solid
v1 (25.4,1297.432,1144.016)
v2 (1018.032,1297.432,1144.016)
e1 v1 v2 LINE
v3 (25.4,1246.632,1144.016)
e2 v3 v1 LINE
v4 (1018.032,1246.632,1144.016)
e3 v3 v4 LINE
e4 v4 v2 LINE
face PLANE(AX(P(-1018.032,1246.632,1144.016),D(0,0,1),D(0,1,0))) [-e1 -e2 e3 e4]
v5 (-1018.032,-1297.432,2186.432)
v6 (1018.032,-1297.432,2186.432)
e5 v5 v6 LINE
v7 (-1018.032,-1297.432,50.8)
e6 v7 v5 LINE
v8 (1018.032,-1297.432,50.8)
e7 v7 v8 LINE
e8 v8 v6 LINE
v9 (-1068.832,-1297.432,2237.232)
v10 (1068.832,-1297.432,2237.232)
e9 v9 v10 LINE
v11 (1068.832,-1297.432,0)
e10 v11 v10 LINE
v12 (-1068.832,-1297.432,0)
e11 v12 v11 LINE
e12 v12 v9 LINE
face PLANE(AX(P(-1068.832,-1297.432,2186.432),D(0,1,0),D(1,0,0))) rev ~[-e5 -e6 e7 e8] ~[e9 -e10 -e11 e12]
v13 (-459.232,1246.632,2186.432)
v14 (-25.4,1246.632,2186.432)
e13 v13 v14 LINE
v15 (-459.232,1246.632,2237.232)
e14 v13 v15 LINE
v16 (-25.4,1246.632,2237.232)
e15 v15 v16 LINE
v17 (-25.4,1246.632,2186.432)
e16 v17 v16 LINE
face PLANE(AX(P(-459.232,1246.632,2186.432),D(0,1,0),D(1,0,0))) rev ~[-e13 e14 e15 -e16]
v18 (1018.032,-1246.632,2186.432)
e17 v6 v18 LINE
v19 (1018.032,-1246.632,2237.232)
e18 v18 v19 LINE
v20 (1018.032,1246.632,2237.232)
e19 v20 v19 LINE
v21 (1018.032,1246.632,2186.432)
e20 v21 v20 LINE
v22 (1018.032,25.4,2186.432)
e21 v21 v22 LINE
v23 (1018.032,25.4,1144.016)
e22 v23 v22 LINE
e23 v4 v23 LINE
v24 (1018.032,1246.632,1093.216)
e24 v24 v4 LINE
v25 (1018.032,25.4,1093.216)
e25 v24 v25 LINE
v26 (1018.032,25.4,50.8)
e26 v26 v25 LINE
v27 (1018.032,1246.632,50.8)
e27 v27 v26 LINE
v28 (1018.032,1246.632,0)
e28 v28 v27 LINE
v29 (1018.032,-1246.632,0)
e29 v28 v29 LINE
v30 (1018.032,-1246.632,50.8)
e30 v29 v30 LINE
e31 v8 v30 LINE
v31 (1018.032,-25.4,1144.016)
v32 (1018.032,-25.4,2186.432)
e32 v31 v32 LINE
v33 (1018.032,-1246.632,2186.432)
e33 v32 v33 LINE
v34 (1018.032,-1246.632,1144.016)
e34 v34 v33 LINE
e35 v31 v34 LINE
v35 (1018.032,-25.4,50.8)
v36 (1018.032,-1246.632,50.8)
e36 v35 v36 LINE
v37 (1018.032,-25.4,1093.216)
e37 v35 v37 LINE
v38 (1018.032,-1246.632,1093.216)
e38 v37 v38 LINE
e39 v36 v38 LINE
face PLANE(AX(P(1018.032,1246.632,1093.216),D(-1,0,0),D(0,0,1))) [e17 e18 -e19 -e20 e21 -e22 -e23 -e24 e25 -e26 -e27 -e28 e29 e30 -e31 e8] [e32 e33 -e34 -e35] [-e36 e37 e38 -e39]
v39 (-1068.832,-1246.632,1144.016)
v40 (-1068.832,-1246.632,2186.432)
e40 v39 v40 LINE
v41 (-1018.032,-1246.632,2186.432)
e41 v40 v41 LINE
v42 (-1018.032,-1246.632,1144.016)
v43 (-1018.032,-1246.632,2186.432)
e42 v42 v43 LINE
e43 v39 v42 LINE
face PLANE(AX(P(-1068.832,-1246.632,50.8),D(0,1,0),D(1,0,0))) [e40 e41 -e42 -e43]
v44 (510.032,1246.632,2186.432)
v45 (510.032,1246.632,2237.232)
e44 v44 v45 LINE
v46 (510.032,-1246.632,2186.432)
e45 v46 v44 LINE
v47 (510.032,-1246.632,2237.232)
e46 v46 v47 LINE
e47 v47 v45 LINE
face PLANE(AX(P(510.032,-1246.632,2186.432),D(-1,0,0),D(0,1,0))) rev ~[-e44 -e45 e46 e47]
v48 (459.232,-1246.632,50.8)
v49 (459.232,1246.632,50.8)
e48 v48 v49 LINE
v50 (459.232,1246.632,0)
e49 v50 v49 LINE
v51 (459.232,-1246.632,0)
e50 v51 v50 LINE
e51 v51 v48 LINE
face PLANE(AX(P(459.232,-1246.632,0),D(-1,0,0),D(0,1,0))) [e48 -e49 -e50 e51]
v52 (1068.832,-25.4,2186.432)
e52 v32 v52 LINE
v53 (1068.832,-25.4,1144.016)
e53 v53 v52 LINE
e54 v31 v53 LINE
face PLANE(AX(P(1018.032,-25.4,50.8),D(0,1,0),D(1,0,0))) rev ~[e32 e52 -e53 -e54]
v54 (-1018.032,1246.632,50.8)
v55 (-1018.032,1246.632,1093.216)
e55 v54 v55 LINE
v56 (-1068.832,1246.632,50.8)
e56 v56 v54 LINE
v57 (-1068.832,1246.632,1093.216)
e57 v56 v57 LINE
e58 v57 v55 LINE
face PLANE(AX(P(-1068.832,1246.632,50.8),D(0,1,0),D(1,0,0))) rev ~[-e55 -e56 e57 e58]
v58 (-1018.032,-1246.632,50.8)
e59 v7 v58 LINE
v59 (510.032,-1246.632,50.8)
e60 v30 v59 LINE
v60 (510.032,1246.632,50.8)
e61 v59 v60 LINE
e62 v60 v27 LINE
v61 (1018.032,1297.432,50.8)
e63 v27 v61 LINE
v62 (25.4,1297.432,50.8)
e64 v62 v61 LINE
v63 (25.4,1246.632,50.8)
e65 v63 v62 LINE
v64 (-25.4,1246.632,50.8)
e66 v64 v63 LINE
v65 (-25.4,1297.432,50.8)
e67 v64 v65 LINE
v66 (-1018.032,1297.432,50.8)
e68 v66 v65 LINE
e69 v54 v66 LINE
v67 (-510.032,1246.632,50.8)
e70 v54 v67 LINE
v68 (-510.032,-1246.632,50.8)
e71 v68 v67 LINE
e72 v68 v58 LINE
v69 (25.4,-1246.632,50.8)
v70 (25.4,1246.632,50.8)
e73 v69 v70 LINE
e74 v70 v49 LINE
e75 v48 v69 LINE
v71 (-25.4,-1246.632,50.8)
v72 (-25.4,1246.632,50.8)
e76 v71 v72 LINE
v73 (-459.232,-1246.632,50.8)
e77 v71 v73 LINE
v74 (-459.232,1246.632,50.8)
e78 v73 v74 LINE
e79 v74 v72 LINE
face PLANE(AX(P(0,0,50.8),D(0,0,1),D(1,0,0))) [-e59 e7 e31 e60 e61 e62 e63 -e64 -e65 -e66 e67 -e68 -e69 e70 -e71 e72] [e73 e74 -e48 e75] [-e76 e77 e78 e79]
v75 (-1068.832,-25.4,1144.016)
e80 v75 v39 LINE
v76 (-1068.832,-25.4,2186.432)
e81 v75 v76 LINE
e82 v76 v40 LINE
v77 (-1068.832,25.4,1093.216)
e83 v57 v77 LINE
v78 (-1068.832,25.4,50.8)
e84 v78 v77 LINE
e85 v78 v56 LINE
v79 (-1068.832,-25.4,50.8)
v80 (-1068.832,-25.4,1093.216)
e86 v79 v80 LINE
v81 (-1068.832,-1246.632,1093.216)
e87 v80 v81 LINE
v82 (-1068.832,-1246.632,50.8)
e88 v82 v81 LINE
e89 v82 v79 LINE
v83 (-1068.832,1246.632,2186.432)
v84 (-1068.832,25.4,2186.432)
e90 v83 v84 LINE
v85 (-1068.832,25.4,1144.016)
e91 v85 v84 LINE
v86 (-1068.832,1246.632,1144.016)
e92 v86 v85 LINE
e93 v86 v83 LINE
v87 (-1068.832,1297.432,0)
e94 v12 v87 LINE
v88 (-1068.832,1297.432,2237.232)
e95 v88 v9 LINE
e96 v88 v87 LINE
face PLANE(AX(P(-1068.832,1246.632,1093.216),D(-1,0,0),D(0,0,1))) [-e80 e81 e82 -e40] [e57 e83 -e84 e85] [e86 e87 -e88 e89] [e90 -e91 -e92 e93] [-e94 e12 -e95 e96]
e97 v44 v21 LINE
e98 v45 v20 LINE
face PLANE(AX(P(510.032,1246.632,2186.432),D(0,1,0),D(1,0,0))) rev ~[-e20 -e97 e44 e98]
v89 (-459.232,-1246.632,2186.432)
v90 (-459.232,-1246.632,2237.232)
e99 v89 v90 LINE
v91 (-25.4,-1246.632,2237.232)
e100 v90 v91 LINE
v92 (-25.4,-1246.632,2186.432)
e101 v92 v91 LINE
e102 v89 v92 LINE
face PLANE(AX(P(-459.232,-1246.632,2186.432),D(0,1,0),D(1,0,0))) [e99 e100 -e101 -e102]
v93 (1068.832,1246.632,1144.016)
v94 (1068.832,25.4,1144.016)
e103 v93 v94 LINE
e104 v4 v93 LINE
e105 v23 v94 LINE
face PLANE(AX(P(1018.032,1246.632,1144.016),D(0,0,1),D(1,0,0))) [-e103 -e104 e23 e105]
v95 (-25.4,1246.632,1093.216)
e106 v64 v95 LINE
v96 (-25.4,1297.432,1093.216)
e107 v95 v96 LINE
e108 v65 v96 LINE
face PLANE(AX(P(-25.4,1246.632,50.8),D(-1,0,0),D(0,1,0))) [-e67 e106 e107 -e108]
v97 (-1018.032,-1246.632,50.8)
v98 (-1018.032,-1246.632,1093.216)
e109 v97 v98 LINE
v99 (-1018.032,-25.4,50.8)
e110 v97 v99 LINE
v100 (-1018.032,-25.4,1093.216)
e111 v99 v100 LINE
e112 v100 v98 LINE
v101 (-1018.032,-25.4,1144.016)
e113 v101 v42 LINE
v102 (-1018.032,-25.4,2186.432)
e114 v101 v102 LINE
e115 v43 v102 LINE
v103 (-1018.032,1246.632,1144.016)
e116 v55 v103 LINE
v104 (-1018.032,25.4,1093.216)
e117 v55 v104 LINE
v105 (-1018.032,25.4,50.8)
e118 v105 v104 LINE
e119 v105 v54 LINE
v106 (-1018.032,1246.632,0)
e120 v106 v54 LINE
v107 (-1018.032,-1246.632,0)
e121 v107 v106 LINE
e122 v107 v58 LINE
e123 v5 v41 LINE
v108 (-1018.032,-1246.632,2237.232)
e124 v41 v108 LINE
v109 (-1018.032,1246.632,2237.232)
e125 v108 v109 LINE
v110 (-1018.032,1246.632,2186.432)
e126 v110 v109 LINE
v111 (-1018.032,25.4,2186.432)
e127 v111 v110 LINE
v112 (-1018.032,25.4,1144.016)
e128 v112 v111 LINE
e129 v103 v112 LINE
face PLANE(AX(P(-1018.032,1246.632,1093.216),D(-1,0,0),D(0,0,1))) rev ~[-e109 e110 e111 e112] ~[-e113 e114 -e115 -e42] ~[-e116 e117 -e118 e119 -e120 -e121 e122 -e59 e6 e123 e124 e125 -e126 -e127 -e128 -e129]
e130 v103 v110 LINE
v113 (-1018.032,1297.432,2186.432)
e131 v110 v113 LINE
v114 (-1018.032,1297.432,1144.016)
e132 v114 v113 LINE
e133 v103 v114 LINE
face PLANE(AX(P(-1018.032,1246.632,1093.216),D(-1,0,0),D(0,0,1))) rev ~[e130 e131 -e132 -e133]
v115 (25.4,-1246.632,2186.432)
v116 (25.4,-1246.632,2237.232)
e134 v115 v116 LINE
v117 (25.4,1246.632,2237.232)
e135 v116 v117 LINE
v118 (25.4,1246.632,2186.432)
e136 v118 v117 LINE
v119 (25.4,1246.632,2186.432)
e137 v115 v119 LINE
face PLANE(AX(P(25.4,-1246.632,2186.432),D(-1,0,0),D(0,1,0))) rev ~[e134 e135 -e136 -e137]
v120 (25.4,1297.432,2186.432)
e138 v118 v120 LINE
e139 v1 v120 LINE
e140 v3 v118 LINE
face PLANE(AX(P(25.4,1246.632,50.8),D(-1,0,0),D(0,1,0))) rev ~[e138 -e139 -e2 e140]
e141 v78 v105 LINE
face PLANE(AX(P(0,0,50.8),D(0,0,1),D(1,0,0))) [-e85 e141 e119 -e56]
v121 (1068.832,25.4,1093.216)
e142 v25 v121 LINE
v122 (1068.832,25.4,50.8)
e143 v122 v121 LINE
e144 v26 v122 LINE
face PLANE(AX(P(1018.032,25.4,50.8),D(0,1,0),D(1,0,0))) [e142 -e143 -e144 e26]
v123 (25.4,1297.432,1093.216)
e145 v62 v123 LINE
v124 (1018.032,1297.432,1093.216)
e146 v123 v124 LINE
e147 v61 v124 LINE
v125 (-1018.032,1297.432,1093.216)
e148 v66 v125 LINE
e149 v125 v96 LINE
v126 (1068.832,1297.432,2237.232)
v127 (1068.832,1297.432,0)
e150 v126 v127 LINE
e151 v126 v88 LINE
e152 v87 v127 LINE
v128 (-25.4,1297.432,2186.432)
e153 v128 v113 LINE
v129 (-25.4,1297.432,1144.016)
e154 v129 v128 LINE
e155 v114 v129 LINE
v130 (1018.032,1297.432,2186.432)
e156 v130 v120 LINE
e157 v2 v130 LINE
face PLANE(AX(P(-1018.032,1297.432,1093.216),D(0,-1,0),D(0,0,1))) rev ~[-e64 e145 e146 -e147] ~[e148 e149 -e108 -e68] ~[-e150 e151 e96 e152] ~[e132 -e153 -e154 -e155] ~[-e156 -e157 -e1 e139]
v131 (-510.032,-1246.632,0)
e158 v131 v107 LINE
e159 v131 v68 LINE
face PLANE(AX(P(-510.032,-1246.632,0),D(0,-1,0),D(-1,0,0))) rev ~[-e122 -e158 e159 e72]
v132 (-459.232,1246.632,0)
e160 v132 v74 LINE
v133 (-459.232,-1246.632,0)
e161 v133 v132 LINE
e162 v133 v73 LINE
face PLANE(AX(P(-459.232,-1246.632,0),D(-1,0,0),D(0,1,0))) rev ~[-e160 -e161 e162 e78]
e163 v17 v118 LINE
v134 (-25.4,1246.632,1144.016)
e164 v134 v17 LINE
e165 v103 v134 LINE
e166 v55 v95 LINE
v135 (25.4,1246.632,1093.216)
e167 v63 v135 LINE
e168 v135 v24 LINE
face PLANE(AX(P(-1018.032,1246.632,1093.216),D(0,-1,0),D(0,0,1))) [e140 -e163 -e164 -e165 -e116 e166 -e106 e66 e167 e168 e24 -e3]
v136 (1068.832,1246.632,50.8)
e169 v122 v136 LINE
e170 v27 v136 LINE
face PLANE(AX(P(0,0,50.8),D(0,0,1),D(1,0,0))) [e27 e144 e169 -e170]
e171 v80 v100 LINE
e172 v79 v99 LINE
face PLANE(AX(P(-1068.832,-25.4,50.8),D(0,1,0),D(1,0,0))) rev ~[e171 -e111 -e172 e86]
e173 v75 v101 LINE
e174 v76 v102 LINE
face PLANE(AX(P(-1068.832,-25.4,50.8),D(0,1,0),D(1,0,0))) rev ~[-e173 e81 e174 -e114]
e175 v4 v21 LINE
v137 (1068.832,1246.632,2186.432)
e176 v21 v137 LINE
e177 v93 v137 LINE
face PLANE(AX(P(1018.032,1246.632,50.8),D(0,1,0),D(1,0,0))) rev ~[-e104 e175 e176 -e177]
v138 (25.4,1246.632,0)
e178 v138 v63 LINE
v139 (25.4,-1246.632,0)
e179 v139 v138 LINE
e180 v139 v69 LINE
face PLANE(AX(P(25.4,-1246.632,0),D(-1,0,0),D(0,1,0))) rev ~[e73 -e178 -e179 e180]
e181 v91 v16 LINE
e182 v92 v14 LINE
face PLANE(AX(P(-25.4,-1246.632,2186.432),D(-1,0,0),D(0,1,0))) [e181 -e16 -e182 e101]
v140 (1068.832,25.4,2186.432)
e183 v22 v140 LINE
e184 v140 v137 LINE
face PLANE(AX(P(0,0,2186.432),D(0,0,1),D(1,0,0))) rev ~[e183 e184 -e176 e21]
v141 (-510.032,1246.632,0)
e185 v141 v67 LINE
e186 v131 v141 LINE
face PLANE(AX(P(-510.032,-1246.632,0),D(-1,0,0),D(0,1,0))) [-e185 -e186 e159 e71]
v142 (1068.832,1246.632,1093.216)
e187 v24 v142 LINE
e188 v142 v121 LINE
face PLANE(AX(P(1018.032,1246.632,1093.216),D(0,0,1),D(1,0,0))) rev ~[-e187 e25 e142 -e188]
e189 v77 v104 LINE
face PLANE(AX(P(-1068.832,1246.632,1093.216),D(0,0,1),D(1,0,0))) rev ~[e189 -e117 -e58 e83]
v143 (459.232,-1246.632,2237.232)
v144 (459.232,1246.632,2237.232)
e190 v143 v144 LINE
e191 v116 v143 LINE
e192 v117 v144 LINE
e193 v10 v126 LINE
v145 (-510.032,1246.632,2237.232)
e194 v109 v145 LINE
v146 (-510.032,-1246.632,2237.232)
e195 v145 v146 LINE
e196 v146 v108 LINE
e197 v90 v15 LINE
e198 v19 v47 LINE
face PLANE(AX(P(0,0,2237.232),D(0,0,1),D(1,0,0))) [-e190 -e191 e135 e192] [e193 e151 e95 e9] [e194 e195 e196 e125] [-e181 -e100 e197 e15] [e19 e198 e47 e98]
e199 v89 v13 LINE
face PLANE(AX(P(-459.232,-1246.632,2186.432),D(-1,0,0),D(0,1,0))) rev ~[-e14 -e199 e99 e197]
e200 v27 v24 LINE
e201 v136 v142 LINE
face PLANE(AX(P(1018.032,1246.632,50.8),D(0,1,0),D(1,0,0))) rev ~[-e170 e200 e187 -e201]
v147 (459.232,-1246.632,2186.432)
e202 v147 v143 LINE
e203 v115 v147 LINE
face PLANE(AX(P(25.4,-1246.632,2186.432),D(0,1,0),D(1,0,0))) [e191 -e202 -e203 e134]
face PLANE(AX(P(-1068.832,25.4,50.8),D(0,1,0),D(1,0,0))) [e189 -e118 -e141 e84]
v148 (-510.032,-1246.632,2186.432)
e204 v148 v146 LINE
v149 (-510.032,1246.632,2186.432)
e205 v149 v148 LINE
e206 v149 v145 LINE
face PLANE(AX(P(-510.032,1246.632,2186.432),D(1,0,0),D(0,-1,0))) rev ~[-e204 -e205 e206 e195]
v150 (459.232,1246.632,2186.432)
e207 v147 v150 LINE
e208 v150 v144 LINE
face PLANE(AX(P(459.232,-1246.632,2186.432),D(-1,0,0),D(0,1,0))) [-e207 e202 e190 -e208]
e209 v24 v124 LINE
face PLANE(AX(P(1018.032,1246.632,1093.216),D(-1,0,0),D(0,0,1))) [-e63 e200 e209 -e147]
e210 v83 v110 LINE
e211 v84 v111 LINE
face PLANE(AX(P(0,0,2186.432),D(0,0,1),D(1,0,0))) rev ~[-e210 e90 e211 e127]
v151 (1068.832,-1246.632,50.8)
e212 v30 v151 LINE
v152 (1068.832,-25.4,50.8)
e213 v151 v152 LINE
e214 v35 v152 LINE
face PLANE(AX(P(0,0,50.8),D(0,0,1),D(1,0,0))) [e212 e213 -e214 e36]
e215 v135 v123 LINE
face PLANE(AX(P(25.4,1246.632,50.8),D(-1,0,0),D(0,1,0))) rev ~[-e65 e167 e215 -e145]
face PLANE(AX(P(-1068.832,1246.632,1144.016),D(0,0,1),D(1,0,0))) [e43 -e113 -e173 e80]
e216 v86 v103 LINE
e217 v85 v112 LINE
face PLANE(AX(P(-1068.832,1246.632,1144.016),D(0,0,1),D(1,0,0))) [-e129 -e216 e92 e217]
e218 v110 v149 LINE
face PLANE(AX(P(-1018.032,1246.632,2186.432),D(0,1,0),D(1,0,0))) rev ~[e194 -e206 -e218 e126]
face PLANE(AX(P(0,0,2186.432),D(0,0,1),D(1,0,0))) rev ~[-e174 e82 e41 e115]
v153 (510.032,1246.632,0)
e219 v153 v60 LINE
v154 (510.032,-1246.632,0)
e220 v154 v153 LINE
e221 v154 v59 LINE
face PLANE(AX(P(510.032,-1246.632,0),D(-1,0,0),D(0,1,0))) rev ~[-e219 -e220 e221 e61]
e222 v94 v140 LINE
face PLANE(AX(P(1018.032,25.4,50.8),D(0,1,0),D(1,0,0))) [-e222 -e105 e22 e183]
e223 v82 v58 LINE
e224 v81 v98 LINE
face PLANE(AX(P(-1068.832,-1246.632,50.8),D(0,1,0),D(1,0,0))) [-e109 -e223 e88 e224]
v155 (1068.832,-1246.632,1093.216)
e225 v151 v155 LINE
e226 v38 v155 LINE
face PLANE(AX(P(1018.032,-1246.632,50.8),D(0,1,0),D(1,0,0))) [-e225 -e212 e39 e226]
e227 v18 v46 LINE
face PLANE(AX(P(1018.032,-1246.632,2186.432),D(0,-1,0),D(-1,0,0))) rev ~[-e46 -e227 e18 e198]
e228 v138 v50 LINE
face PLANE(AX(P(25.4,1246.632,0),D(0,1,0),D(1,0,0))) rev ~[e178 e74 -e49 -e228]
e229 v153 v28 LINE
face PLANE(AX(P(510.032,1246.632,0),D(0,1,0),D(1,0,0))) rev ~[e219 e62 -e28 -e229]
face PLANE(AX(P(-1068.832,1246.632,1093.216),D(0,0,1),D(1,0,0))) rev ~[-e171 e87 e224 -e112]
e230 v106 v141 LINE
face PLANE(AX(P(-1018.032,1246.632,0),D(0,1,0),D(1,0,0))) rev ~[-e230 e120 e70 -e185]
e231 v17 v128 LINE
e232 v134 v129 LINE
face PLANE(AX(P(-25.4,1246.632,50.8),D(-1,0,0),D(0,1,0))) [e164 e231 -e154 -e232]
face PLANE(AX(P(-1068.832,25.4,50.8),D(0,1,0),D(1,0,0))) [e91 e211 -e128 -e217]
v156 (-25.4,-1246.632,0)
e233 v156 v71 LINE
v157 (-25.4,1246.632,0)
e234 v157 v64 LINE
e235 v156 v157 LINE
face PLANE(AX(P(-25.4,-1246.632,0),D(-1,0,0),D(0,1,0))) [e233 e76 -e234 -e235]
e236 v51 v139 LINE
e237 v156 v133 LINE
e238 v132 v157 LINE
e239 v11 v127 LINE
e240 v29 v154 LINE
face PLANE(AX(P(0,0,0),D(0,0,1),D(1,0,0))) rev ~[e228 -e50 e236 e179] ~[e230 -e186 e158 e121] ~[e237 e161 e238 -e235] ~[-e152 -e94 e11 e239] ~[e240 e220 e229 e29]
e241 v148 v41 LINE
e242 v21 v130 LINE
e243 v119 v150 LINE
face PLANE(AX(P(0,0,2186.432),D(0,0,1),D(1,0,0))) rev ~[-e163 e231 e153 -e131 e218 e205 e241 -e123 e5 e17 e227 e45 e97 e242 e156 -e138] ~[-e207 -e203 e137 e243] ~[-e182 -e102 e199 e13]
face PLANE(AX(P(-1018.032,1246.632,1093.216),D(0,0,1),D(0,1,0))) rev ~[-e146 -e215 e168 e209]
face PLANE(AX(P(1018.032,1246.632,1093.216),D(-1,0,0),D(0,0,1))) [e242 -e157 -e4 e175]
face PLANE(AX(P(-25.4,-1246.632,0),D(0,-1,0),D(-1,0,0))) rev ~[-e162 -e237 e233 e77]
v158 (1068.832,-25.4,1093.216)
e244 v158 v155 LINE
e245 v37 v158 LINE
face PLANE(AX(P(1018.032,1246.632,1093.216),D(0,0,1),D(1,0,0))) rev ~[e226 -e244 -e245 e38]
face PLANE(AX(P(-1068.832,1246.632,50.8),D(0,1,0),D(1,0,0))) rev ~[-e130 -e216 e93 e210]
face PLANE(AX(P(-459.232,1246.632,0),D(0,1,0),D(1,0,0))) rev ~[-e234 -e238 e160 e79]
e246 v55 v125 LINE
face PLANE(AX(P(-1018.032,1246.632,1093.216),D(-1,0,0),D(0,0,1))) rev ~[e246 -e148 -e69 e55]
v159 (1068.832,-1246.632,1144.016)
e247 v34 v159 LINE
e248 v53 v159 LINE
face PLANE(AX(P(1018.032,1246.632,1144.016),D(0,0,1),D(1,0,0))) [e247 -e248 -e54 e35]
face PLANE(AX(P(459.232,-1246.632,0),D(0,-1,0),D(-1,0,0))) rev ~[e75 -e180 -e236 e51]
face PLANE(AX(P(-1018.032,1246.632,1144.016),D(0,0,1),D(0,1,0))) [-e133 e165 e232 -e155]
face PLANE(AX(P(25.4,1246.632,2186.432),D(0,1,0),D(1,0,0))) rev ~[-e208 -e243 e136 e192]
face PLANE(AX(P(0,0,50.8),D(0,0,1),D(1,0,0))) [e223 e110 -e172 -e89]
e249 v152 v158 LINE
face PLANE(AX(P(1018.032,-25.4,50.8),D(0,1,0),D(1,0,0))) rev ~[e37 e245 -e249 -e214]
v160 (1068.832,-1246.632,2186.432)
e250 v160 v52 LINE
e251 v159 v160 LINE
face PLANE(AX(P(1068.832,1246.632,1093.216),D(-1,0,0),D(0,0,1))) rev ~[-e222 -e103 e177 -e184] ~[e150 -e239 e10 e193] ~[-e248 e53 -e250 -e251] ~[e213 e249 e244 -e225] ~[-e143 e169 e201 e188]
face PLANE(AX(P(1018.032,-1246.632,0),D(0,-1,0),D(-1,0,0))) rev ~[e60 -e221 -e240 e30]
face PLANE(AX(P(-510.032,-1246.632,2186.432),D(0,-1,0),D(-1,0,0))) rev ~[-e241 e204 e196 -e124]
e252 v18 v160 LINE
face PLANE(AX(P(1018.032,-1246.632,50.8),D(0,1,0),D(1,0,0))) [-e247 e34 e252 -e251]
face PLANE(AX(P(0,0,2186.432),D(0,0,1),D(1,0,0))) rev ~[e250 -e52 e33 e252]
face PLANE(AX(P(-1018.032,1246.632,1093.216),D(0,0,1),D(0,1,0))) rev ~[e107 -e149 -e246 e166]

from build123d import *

# Parameters (mm, degrees)
F0_W      = 2137.664
F0_H      = 2594.864
F0_W_2    = 50.8
F0_H_2    = 2493.264
F1_DEPTH  = 50.8
F2_W      = 50.8
F2_H      = 50.8
F3_DEPTH  = 2135.632
F4_W      = 433.832
F4_H      = 2493.264
F5_DEPTH  = 50.8
F6_W      = 50.8
F6_H      = 50.8
F7_DEPTH  = 2493.264
F8_W      = 50.8
F8_H      = 50.8
F9_DEPTH  = 2493.264
F10_W     = 50.8
F10_H     = 50.8
F11_DEPTH = 2036.064


with BuildPart() as f1:
    # F0 (on Top) → F1 (new body)
    with BuildSketch(Plane.XY):
        Rectangle(F0_W, F0_H)
        Polygon((-1018.032, -1246.632), (-1018.032, 1246.632), (-510.032, 1246.632), (-459.232, 1246.632), (-25.4, 1246.632), (25.4, 1246.632), (459.232, 1246.632), (510.032, 1246.632), (1018.032, 1246.632), (1018.032, -1246.632), (510.032, -1246.632), (459.232, -1246.632), (25.4, -1246.632), (-25.4, -1246.632), (-459.232, -1246.632), (-510.032, -1246.632), align=None, mode=Mode.SUBTRACT)
        with Locations((-484.632, 0)):
            Rectangle(F0_W_2, F0_H_2)
        Rectangle(F0_W_2, F0_H_2)
        with Locations((484.632, 0)):
            Rectangle(F0_W_2, F0_H_2)
    extrude(amount=F1_DEPTH)

    # F2 (on face) → F3 (join)
    with BuildSketch(Plane.XY.offset(50.8)):
        with Locations((-1043.432, 1272.032)):
            Rectangle(F2_W, F2_H)
        with Locations((1043.432, 1272.032)):
            Rectangle(F2_W, F2_H)
        with Locations((1043.432, -1272.032)):
            Rectangle(F2_W, F2_H)
        with Locations((-1043.432, -1272.032)):
            Rectangle(F2_W, F2_H)
        with Locations((-1043.432, 0)):
            Rectangle(F2_W, F2_H)
        with Locations((1043.432, 0)):
            Rectangle(F2_W, F2_H)
        with Locations((0, 1272.032)):
            Rectangle(F2_W, F2_H)
    extrude(amount=F3_DEPTH)

    # F4 (on face) → F5 (join)
    with BuildSketch(Plane.XY.offset(2186.432)):
        Polygon((-1068.832, 1297.432), (-1068.832, 1246.632), (-1068.832, 25.4), (-1068.832, -25.4), (-1068.832, -1246.632), (-1068.832, -1297.432), (-1018.032, -1297.432), (1018.032, -1297.432), (1068.832, -1297.432), (1068.832, -1246.632), (1068.832, -25.4), (1068.832, 25.4), (1068.832, 1246.632), (1068.832, 1297.432), (1018.032, 1297.432), (25.4, 1297.432), (-25.4, 1297.432), (-1018.032, 1297.432), align=None)
        Polygon((-1018.032, 25.4), (-1018.032, 1246.632), (-510.032, 1246.632), (-510.032, -1246.632), (-1018.032, -1246.632), (-1018.032, -25.4), align=None, mode=Mode.SUBTRACT)
        with Locations((-242.316, 0)):
            Rectangle(F4_W, F4_H, mode=Mode.SUBTRACT)
        with Locations((242.316, 0)):
            Rectangle(F4_W, F4_H, mode=Mode.SUBTRACT)
        Polygon((1018.032, -25.4), (1018.032, -1246.632), (510.032, -1246.632), (510.032, 1246.632), (1018.032, 1246.632), (1018.032, 25.4), align=None, mode=Mode.SUBTRACT)
    extrude(amount=F5_DEPTH)

    # F6 (on face) → F7 (join, through all)
    with BuildSketch(Plane.XZ.offset(-1246.632)):
        with Locations((-1043.432, 1118.616)):
            Rectangle(F6_W, F6_H)
    extrude(amount=F7_DEPTH)

    # F8 (on face) → F9 (join, through all)
    with BuildSketch(Plane.XZ.offset(-1246.632)):
        with Locations((1043.432, 1118.616)):
            Rectangle(F8_W, F8_H)
    extrude(amount=F9_DEPTH)

    # F10 (on face) → F11 (join, through all)
    with BuildSketch(Plane.YZ.offset(-1018.032)):
        with Locations((1272.032, 1118.616)):
            Rectangle(F10_W, F10_H)
    extrude(amount=F11_DEPTH)


solid = f1.part
